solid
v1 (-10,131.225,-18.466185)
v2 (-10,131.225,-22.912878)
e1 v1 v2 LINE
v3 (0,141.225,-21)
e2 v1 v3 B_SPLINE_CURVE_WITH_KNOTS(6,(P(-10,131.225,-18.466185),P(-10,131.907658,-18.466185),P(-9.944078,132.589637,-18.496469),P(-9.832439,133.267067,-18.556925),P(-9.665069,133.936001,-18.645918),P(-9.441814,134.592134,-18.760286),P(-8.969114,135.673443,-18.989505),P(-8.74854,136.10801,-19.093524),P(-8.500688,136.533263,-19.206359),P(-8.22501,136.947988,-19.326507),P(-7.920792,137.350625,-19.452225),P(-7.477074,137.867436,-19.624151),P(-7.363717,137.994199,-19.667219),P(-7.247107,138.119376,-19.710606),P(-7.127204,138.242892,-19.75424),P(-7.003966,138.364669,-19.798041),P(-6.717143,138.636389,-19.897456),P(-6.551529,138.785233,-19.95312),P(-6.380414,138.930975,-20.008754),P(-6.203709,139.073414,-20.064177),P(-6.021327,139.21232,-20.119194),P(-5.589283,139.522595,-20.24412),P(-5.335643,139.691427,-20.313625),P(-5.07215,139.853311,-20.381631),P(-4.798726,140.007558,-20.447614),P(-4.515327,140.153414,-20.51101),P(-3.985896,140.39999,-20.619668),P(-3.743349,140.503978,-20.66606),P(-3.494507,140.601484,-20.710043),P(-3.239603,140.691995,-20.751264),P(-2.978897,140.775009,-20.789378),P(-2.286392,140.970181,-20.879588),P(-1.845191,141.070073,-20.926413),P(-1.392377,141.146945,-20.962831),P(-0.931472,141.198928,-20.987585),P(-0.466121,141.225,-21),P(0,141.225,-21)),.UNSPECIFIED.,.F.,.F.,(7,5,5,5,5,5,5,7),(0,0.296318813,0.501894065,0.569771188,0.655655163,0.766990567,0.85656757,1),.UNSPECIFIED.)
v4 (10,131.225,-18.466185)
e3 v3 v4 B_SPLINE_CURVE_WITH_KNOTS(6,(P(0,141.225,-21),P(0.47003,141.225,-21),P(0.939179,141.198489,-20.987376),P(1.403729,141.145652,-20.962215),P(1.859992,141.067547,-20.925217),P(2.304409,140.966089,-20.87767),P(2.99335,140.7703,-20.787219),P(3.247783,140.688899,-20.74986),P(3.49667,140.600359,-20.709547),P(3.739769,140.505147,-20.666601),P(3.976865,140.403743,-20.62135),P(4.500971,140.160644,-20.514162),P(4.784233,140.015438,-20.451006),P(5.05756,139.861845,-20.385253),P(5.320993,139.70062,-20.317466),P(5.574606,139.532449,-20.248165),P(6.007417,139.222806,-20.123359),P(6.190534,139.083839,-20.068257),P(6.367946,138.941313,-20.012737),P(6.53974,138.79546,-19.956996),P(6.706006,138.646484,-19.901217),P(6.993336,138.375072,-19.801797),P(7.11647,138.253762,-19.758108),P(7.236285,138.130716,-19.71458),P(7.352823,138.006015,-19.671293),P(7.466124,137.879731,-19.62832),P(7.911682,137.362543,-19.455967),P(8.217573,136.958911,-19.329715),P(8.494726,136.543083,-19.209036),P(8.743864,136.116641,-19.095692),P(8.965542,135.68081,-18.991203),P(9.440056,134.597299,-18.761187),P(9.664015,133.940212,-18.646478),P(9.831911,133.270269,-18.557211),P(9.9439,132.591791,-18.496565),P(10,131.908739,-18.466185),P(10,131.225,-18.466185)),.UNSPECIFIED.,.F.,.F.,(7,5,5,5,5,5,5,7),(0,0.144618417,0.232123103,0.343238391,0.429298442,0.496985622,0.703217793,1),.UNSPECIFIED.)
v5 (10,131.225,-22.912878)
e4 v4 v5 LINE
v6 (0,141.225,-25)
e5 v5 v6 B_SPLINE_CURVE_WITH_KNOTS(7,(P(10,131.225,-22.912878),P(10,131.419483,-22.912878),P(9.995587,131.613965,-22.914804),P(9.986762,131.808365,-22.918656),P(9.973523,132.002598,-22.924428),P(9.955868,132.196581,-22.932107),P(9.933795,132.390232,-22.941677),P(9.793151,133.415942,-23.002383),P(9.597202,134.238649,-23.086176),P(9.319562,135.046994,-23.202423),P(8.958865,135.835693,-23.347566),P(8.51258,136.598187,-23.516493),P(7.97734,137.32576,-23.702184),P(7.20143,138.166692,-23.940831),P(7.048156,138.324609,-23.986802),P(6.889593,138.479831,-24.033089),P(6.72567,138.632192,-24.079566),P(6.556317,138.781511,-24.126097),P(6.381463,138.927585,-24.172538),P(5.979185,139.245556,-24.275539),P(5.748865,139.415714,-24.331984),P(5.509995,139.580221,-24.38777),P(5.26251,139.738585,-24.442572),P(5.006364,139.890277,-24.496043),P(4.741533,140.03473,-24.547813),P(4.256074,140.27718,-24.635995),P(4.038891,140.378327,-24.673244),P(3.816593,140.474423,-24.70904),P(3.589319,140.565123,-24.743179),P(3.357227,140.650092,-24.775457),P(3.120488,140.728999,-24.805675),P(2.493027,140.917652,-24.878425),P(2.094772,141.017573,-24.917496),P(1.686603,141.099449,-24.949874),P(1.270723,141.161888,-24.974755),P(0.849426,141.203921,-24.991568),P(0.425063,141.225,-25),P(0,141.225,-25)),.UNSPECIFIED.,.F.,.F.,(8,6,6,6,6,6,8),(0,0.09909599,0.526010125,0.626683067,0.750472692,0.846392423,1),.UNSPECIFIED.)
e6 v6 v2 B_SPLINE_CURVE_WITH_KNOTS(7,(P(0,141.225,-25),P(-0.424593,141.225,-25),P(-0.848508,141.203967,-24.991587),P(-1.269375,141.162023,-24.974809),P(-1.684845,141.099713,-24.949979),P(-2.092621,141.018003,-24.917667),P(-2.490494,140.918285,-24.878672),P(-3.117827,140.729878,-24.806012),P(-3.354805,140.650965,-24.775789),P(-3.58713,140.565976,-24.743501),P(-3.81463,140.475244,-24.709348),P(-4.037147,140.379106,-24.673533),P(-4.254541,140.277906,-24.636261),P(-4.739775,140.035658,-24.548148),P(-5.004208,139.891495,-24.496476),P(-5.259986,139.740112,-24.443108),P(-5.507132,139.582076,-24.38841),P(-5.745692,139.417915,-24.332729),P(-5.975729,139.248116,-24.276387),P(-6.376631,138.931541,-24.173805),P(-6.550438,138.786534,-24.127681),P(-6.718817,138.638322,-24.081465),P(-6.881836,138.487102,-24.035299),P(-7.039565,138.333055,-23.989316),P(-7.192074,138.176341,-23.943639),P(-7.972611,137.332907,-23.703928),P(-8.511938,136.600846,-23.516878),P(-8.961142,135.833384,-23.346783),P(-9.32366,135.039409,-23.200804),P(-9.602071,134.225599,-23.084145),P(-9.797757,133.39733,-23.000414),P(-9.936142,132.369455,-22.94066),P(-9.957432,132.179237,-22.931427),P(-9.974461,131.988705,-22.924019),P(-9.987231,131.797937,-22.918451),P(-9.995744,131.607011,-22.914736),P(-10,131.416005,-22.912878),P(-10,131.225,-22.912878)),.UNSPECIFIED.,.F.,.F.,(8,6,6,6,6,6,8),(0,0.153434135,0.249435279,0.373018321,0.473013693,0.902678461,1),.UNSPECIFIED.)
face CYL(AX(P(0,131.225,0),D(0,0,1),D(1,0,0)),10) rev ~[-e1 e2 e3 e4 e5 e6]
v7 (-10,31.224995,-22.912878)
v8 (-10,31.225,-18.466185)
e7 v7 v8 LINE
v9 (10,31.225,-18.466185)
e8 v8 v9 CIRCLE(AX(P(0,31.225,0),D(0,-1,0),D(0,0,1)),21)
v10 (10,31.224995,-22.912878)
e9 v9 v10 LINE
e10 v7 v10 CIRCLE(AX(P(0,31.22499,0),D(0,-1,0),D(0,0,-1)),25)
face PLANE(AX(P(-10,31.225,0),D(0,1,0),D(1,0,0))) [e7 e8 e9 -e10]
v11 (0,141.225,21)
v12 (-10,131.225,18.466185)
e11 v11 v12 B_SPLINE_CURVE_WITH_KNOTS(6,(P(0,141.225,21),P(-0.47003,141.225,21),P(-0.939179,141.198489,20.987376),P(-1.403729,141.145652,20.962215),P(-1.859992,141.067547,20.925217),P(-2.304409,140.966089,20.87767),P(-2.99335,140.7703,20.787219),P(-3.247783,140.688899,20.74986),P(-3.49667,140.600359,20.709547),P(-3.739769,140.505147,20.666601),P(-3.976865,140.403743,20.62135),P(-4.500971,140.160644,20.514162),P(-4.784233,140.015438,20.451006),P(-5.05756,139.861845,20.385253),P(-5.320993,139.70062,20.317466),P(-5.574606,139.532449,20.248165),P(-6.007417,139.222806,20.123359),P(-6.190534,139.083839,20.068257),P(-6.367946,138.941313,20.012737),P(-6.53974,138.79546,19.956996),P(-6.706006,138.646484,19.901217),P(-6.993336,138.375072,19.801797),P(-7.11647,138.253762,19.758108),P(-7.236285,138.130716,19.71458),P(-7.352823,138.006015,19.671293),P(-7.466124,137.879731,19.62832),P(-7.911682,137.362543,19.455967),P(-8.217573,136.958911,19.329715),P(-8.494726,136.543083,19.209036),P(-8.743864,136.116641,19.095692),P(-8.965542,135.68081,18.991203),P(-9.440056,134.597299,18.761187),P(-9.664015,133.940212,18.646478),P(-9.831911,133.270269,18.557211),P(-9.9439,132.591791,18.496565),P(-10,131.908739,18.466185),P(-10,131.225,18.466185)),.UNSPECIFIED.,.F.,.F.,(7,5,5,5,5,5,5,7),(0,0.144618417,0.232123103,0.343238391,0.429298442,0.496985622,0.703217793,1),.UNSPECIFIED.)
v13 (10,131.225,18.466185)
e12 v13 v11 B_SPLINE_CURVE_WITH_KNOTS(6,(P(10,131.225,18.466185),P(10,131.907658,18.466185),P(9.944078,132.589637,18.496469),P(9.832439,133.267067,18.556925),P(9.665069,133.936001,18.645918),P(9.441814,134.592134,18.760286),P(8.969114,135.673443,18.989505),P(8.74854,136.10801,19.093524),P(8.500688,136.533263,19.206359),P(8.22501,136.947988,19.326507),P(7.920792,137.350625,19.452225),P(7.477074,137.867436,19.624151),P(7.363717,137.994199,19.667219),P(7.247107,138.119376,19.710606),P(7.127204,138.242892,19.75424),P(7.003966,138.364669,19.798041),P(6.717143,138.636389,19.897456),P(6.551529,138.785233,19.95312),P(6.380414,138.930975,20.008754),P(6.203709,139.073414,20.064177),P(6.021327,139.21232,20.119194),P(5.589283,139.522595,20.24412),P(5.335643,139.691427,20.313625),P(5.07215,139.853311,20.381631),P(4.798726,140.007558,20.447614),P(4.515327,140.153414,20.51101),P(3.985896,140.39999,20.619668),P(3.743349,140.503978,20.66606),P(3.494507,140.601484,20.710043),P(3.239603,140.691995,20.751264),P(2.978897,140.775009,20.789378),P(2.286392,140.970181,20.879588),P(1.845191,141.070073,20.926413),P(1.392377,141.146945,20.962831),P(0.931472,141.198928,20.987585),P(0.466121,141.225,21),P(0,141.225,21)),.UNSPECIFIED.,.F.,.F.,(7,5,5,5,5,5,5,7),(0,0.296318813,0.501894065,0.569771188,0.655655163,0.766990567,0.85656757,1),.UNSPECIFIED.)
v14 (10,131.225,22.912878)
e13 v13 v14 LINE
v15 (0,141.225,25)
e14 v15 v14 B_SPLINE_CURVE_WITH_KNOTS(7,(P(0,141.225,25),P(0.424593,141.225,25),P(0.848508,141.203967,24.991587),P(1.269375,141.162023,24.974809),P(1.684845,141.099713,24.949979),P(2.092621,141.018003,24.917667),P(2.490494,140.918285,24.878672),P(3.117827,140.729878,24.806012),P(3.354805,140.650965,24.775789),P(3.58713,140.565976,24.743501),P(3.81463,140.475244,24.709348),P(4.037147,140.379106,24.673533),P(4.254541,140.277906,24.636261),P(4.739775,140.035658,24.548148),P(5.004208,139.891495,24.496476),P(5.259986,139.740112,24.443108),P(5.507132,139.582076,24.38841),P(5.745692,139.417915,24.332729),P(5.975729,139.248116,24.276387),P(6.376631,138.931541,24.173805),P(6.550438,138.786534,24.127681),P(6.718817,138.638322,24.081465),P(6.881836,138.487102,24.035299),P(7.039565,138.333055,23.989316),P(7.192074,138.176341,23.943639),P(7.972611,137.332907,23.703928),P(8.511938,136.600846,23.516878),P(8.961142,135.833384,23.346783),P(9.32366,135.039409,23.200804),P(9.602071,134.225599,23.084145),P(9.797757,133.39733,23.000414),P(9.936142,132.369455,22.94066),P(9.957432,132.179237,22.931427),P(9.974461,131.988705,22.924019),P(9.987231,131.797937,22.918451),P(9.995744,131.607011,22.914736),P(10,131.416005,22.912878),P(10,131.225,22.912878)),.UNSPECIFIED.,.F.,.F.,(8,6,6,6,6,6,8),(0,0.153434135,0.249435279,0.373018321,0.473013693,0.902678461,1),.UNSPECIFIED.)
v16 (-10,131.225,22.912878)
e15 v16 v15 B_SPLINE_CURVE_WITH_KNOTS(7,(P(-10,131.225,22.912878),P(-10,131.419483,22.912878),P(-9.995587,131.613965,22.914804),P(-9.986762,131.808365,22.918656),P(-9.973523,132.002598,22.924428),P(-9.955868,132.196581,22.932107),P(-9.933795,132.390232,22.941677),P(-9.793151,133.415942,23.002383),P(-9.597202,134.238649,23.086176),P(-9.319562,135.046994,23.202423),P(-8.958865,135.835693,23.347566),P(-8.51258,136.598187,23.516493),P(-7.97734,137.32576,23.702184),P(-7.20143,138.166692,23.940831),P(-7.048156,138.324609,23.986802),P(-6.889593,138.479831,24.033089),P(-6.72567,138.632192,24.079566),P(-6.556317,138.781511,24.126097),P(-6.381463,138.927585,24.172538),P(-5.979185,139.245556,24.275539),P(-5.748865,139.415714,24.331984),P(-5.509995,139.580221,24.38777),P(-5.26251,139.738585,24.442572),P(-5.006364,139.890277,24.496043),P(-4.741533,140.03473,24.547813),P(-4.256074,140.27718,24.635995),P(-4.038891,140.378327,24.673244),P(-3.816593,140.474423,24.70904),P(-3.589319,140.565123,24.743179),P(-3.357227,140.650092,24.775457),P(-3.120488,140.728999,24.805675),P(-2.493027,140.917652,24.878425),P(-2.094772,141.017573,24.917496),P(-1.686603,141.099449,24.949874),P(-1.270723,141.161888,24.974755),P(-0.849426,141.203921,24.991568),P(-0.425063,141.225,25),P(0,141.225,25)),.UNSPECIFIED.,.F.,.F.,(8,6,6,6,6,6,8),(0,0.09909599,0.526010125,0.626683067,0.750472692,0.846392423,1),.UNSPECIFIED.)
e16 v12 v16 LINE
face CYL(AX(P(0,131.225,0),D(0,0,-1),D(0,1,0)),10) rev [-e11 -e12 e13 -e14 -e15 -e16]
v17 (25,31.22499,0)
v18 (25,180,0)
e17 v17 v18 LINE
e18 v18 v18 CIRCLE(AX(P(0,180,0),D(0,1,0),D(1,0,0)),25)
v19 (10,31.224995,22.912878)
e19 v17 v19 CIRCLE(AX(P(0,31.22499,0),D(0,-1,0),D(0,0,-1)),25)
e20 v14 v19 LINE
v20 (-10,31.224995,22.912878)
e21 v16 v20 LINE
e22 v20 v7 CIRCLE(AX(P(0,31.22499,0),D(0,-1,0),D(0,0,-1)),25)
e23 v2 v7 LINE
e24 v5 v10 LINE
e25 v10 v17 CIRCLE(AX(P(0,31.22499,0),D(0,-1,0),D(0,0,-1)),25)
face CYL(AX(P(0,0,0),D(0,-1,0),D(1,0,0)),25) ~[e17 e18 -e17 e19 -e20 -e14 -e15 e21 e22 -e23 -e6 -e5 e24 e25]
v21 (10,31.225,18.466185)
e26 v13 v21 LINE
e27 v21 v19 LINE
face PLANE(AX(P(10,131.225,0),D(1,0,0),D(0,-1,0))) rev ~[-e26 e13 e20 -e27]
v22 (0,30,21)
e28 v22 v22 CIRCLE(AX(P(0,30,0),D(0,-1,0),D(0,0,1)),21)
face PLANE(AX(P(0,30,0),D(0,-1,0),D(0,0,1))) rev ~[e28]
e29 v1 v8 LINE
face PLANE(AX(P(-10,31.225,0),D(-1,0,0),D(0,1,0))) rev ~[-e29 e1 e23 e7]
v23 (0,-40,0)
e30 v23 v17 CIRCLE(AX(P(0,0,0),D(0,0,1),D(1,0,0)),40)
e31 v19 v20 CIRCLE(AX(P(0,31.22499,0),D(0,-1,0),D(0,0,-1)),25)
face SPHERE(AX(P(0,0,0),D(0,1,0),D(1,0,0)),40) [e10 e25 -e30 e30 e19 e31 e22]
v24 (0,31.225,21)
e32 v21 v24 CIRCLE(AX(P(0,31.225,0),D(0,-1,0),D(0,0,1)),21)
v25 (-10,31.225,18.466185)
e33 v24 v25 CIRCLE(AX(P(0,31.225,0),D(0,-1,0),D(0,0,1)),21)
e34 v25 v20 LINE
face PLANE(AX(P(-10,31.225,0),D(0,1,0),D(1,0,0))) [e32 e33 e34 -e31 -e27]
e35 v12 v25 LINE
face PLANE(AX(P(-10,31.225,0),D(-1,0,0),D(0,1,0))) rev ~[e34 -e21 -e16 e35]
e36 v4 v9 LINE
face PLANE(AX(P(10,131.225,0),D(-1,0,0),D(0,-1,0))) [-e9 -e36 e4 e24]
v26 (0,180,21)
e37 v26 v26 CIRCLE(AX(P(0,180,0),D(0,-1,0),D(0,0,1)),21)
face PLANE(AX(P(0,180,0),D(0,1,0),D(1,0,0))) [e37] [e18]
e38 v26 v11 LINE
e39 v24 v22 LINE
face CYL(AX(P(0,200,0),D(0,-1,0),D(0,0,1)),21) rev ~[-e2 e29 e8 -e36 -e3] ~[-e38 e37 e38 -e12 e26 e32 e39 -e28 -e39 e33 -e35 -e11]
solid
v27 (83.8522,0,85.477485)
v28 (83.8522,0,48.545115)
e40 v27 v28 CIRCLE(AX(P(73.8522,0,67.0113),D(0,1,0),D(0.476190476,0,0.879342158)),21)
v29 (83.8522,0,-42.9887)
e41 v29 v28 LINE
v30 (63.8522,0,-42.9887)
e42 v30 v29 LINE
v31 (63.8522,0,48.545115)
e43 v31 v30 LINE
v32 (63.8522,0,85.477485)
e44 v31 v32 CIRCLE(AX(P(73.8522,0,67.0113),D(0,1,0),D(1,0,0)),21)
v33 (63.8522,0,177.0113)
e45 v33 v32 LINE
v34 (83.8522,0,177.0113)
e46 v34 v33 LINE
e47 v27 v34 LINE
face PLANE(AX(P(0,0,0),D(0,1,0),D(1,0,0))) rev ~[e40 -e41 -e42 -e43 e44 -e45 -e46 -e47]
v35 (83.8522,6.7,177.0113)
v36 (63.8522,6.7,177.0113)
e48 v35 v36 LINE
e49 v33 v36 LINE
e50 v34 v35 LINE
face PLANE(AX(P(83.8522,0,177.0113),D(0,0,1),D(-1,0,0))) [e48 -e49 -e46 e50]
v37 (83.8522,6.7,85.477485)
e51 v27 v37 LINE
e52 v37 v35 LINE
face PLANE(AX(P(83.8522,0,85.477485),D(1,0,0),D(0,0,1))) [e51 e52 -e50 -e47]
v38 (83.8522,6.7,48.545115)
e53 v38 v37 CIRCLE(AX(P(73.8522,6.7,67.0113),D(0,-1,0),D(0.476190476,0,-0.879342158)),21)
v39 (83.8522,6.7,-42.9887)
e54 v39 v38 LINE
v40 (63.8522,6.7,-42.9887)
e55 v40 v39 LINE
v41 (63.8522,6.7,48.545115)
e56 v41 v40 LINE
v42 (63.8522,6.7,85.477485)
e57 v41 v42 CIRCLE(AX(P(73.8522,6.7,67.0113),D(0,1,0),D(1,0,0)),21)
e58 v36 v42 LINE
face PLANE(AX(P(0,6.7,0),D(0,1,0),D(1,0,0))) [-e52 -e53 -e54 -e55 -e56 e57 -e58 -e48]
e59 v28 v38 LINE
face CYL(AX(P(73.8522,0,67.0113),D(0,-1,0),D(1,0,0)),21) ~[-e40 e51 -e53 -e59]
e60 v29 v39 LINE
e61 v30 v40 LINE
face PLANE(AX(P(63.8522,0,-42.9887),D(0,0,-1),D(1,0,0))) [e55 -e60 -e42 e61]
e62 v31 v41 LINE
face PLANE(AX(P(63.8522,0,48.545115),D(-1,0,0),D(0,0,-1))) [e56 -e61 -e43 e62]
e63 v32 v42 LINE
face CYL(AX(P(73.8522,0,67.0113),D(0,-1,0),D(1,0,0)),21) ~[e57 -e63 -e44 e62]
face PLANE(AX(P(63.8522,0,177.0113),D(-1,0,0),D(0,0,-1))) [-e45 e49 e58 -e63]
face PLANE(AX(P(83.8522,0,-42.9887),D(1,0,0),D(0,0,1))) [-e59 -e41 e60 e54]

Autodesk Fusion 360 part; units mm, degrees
sphere "SpherePrimitive1" add diameter 80 placed x (1, 0, 0) y (0, 0, -1) z (0, 1, 0) at (0, 0, 0) makes body 1
sketch "Sketch2" plane through (0, 0, 0) normal (0, 1, 0) x (1, 0, 0)
  circle A0 centre (0, 0) radius 25
  dimension "d2" = 50
extrude "Extrude1" add sketch "Sketch2" along normal blind 200 bodies 1
hole "Hole1" at (0, 200, 0) direction (0, -1, 0) diameter 42 depth 170 tip angle 180 bodies 1
extrude "Extrude2" cut 1 faces at (23.554, 200, 1.7651) along direction (0, -1, 0) blind 20 on bodies 1 bodies 1
sketch "Sketch3" plane through (0, 0, 0) normal (0, 0, 1) x (1, 0, 0)
  line L0 (-25, 31.225) -> (25, 31.225)
  line L1 (-25, 180) -> (25, 180)
  line L2 (10, 31.225) -> (-10, 31.225)
  line L3 (-10, 31.225) -> (-10, 131.225)
  line L4 (10, 131.225) -> (10, 31.225)
  arc A0 (0, 141.225) -> (-10, 131.225) centre (0, 131.225) ccw
  arc A1 (10, 131.225) -> (0, 141.225) centre (0, 131.225) ccw
  point P0 (10, 141.225)
  dimension "d10" = 20
  dimension "d11" = 110
  dimension "d12" = 15
  dimension "d13" = 10
  dimension "d14" = 10
extrude "Extrude3" cut sketch "Sketch3" along normal blind 30 and the other way blind 50 bodies 1
sketch "Sketch4" plane through (0, 0, 0) normal (0, 1, 0) x (1, 0, 0)
  circle A0 centre (73.8522, -67.0113) radius 21
  line L0 (63.8522, 42.9887) -> (83.8522, 42.9887)
  line L1 (83.8522, 42.9887) -> (83.8522, -177.0113)
  line L2 (83.8522, -177.0113) -> (63.8522, -177.0113)
  line L3 (63.8522, -177.0113) -> (63.8522, 42.9887)
  dimension "d19" = 42
  dimension "d20" = 20
  dimension "d21" = 220
  dimension "d22" = 10
  dimension "d23" = 110
extrude "Extrude4" add sketch "Sketch4" along normal blind 6.7 separate body makes body 2
